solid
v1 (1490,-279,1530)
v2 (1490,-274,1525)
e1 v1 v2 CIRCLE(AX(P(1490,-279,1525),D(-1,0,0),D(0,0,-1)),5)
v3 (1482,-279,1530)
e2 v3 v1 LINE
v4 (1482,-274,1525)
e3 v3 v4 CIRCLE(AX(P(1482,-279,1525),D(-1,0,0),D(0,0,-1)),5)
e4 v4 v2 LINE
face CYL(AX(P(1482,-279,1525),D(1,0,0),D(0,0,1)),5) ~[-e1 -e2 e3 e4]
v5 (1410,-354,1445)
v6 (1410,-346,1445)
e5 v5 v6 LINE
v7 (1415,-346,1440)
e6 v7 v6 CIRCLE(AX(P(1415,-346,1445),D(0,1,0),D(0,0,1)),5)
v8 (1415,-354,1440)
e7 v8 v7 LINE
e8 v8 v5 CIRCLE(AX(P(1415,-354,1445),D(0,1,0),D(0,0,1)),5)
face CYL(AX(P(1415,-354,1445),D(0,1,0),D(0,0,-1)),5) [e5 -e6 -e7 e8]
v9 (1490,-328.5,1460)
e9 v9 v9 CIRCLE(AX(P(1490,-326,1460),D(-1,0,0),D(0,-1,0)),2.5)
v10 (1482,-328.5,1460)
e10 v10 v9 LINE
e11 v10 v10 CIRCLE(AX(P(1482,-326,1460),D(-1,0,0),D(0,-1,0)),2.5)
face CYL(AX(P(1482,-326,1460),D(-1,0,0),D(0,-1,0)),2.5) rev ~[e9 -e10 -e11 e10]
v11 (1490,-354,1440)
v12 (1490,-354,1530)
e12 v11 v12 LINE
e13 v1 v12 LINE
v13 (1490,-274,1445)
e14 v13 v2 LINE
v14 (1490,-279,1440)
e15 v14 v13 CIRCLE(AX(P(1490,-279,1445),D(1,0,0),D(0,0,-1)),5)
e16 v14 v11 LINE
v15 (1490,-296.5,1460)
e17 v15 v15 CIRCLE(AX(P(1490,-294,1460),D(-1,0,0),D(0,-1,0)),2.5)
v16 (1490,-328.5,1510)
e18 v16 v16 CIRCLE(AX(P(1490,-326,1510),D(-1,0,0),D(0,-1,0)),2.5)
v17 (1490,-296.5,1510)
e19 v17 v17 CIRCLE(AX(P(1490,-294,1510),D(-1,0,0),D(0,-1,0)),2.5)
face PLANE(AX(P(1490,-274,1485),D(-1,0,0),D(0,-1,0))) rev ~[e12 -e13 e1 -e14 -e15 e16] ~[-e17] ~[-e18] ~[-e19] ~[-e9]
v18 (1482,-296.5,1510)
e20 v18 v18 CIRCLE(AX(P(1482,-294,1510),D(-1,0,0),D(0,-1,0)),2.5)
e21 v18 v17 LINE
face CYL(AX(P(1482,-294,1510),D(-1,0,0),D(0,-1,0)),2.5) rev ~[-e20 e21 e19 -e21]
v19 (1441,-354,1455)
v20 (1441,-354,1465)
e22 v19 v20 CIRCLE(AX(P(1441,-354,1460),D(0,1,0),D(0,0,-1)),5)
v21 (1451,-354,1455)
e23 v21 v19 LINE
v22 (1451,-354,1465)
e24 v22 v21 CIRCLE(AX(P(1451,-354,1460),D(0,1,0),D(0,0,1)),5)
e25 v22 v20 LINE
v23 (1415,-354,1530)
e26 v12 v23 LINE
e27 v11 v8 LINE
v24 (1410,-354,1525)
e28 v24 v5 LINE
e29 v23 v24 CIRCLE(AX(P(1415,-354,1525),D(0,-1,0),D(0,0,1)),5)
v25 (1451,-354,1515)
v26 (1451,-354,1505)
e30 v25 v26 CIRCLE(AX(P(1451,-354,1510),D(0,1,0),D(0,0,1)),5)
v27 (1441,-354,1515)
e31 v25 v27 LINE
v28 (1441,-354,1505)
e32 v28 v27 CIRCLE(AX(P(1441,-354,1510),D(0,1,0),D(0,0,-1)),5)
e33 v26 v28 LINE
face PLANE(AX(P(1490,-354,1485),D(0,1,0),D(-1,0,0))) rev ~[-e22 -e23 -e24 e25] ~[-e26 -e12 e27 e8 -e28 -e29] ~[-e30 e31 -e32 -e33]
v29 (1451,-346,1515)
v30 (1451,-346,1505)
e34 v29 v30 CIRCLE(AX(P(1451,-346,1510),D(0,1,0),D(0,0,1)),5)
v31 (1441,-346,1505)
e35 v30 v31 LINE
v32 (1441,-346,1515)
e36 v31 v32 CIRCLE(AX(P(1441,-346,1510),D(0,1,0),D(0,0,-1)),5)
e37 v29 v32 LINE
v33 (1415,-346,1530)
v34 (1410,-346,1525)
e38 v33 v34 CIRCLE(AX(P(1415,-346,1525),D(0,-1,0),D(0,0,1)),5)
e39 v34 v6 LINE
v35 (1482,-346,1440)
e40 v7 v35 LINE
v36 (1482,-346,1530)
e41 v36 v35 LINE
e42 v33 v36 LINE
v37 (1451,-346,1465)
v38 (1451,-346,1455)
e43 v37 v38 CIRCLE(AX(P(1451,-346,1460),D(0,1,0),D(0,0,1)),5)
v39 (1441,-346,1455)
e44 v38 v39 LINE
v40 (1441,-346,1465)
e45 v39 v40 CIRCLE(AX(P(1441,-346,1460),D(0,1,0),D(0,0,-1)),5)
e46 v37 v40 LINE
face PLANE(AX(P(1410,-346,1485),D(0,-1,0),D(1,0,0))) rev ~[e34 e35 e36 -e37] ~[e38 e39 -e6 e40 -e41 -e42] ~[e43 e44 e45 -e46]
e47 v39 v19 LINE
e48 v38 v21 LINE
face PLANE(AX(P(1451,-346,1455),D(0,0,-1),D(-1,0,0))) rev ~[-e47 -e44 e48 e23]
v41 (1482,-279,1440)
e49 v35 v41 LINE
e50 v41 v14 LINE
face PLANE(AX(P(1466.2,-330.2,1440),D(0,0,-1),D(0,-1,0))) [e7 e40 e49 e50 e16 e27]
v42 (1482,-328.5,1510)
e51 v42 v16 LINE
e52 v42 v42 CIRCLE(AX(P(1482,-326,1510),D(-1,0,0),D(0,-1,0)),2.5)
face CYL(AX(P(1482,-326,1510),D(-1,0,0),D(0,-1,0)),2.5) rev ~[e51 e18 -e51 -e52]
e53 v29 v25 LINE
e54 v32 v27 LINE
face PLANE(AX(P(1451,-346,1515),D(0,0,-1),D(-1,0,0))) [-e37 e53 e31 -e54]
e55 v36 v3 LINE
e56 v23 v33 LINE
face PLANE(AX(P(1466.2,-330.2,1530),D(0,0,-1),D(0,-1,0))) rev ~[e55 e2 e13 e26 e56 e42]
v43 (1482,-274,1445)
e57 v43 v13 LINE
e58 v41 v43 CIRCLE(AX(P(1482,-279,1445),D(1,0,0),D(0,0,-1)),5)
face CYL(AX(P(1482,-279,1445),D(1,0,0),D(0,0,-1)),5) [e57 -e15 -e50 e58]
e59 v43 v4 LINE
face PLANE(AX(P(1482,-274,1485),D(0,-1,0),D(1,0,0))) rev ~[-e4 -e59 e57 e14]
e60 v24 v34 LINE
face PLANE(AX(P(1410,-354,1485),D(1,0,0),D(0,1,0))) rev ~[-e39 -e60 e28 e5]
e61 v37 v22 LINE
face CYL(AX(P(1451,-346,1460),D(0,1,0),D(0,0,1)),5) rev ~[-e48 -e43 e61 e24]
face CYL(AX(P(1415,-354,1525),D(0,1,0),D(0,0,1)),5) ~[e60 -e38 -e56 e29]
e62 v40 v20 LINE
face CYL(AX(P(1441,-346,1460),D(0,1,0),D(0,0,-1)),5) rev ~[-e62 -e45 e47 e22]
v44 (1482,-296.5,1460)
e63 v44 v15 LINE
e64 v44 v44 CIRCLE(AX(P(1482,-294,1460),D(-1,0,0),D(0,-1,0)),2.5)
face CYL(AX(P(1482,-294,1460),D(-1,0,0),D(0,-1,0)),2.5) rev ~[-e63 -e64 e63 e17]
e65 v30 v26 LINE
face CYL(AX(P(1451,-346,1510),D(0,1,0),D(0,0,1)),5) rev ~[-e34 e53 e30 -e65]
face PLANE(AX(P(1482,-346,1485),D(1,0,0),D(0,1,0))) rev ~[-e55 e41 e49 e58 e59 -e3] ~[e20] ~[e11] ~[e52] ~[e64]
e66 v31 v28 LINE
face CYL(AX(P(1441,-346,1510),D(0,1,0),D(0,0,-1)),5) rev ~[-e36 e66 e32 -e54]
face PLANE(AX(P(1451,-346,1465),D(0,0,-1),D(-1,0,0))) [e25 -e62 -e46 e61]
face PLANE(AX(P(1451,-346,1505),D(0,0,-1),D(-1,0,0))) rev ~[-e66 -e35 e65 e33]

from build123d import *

# Parameters (mm, degrees)
PAD001_DEPTH            = 45
SKETCH_R                = 2.5
POCKET_DEPTH            = 8.001
POCKET001_DEPTH         = 8.001
FILLET001_R             = 5
BODY001_PLACEMENT_ANGLE = 90


with BuildPart() as part:
    # Sketch003 → Pad001 (new body, symmetric)
    with BuildSketch(Plane.XY):
        Polygon((0, 0), (0, 80), (8, 80), (8, 8), (80, 8), (80, 0), align=None)
    extrude(amount=PAD001_DEPTH, both=True)

    # Sketch (on Face4 of Pad001) → Pocket (cut, through all)
    with BuildSketch(Plane(origin=(0, 8, 0), x_dir=(-1, 0, 0), z_dir=(0, 1, 0))):
        with Locations((-60, 25)):
            Circle(SKETCH_R)
        with Locations((-28, -25)):
            Circle(SKETCH_R)
        with Locations((-28, 25)):
            Circle(SKETCH_R)
        with Locations((-60, -25)):
            Circle(SKETCH_R)
    extrude(amount=-POCKET_DEPTH, mode=Mode.SUBTRACT)

    # Sketch007 (on Face11 of Pocket) → Pocket001 (cut, through all)
    with BuildSketch(Plane.YZ.offset(8)):
        with BuildLine():
            ThreePointArc((39, 30), (34, 25), (39, 20))
            Line((39, 20), (49, 20))
            ThreePointArc((49, 20), (54, 25), (49, 30))
            Line((39, 30), (49, 30))
        make_face()
        with BuildLine():
            ThreePointArc((39, -20), (34, -25), (39, -30))
            Line((39, -30), (49, -30))
            ThreePointArc((49, -30), (54, -25), (49, -20))
            Line((39, -20), (49, -20))
        make_face()
    extrude(amount=-POCKET001_DEPTH, mode=Mode.SUBTRACT)

    # Fillet001
    fillet001_edges = [part.edges().sort_by_distance(p)[0] for p in [
        (4, 80, 45),
        (80, 4, 45),
        (4, 80, -45),
        (80, 4, -45),
    ]]
    fillet(fillet001_edges, radius=FILLET001_R)


with BuildPart() as part_1:
    # Body001 placement: moved
    add(part.part.moved(Location((1490, -354, 1485))).rotate(Axis((1490, -354, 1485), (0, 0, 1)), BODY001_PLACEMENT_ANGLE))


solid = part_1.part
